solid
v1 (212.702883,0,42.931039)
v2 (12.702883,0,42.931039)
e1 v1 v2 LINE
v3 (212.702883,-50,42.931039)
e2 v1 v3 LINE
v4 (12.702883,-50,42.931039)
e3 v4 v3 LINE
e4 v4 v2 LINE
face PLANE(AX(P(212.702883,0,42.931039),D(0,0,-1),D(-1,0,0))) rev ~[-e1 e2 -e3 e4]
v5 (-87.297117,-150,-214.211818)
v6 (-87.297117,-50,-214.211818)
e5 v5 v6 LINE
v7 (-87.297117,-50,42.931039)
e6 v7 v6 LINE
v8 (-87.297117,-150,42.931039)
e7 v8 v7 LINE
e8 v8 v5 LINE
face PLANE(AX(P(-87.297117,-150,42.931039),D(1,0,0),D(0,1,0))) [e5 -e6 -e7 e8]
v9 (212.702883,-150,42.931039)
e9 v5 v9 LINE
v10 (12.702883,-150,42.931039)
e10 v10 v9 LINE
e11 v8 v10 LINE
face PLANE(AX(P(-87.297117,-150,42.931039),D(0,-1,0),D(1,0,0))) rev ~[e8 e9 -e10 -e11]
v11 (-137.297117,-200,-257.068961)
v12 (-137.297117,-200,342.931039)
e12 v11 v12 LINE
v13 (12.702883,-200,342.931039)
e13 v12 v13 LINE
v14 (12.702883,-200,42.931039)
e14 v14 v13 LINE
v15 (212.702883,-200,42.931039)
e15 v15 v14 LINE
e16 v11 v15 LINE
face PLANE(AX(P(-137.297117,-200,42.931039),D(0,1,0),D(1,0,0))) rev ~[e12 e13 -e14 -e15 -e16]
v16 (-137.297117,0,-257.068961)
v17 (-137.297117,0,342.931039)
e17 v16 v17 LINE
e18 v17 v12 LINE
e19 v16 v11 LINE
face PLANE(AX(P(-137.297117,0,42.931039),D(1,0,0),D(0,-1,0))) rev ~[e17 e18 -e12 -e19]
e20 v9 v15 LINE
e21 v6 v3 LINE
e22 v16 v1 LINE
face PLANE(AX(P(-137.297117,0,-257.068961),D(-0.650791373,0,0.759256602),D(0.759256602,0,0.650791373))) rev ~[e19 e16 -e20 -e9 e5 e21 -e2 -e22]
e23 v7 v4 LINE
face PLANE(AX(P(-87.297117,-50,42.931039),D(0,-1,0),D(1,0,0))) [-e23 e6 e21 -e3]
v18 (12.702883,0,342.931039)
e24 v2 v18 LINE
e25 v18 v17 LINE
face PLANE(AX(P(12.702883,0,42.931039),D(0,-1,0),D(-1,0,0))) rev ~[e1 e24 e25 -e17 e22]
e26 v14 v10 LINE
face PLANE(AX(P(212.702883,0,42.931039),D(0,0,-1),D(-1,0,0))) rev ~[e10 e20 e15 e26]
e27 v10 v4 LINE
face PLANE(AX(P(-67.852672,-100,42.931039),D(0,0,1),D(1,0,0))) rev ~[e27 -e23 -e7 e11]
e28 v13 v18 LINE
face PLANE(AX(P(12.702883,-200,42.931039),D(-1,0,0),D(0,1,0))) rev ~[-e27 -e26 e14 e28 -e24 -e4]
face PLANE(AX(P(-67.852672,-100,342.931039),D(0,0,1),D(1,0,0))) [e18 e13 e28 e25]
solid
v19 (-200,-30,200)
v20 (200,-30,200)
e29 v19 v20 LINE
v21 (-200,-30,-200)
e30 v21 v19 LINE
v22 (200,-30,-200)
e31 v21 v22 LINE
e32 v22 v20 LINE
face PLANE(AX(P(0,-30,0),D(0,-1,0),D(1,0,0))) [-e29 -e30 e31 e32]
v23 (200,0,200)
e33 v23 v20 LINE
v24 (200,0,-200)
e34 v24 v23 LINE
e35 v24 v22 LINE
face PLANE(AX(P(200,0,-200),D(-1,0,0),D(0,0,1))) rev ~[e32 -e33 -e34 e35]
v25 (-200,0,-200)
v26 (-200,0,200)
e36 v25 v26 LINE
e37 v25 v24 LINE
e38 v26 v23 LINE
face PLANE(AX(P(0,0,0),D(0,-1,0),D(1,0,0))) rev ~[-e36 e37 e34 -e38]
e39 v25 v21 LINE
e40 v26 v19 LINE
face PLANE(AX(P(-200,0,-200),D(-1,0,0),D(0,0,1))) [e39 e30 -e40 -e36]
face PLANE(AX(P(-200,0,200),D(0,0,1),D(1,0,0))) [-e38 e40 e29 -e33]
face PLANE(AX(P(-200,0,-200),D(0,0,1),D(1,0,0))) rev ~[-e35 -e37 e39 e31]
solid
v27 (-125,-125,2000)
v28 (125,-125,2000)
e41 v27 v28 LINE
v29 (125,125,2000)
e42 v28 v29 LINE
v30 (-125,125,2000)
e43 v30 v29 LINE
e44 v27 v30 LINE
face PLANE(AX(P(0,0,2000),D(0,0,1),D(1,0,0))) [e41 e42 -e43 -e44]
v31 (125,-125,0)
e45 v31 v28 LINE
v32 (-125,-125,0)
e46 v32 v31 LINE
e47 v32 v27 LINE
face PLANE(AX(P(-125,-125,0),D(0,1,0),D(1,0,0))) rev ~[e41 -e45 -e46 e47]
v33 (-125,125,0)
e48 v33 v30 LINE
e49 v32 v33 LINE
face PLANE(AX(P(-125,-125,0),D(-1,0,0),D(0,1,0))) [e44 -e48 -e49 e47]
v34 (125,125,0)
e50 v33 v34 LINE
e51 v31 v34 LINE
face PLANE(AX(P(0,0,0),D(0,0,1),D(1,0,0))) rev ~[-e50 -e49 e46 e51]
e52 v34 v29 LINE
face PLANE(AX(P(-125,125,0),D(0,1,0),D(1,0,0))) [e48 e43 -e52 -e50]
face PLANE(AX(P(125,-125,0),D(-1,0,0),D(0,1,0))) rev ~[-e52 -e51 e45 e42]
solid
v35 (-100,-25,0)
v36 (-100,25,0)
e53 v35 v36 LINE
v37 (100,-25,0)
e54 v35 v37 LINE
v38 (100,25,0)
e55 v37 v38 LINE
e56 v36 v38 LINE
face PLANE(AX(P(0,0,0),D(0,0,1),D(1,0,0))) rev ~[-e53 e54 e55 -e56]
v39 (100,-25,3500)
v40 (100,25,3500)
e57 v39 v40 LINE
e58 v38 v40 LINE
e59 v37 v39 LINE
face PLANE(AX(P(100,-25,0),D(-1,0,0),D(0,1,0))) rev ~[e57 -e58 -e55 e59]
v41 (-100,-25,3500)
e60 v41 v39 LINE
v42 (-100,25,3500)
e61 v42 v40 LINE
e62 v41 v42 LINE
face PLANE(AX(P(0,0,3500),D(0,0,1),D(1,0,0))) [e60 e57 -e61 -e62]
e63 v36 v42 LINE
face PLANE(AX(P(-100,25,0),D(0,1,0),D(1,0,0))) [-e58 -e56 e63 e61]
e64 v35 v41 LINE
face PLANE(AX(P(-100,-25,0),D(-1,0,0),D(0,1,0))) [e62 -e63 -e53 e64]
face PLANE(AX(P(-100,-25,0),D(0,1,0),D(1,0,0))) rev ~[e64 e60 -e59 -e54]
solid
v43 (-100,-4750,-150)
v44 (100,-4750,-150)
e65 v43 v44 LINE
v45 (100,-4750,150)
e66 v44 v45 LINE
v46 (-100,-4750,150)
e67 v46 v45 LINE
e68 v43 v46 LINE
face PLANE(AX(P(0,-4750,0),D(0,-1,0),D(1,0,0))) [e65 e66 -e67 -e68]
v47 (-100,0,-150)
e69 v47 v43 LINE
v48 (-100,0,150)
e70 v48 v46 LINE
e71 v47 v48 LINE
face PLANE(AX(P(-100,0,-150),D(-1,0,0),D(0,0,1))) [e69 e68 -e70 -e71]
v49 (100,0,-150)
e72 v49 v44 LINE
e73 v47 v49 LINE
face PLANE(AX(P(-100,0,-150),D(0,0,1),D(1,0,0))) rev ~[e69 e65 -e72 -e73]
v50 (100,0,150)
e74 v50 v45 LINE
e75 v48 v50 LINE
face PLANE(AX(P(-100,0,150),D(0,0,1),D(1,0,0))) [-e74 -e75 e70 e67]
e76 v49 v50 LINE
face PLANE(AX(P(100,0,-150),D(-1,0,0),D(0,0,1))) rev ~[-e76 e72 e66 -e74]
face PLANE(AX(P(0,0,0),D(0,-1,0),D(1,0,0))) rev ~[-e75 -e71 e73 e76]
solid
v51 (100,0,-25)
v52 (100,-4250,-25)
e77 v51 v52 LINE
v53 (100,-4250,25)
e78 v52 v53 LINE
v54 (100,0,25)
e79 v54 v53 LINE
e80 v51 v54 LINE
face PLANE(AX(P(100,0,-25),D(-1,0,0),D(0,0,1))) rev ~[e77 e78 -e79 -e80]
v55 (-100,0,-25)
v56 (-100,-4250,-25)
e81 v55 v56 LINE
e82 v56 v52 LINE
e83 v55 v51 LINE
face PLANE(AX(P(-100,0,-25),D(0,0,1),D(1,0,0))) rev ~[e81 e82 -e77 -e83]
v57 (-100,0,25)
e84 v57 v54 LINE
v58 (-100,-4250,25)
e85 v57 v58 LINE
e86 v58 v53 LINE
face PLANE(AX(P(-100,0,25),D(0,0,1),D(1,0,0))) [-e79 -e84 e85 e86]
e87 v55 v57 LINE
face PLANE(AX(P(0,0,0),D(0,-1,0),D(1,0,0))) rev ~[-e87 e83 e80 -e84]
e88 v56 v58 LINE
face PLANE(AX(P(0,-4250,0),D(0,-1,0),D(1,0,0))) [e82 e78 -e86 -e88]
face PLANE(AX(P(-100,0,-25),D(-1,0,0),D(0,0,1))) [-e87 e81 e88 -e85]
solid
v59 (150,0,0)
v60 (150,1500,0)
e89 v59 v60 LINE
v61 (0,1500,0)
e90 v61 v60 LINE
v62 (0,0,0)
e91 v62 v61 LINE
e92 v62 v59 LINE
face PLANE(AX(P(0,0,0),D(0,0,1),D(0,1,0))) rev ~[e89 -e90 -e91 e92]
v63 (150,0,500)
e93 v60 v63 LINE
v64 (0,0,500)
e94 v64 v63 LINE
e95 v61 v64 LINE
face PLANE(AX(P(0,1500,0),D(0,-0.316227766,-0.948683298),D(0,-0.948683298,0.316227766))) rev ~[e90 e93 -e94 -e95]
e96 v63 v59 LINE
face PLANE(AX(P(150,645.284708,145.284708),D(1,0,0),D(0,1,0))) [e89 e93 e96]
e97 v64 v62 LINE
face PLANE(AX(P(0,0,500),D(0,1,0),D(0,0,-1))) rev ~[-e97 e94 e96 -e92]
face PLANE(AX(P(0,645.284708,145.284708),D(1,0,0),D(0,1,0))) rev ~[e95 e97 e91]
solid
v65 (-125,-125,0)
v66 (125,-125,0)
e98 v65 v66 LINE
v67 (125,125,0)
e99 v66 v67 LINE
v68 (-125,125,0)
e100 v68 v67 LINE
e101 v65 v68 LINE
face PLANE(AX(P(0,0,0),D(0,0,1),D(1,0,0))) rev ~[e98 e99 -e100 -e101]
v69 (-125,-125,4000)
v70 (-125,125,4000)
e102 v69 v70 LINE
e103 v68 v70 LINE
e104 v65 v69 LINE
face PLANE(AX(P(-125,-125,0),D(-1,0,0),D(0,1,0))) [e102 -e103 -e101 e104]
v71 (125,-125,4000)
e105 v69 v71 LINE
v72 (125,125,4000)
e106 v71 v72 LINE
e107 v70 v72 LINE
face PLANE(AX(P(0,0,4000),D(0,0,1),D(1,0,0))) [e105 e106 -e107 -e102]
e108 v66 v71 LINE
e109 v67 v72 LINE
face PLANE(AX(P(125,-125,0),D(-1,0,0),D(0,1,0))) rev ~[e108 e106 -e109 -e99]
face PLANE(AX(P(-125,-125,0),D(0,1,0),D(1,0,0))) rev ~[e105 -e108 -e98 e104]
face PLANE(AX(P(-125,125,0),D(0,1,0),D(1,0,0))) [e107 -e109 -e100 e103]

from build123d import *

# Parameters (mm, degrees)
F0_W      = 250
F0_H      = 250
F1_DEPTH  = 4000
F2_W      = 200
F2_H      = 50
F3_DEPTH  = 3500
F4_W      = 200
F4_H      = 300
F5_DEPTH  = 4750
F7_DEPTH  = 200
F8_W      = 300
F8_H      = 100
F9_DEPTH  = 300.001
F10_W     = 200
F10_H     = 50
F11_DEPTH = 4250
F12_W     = 100
F12_H     = 100
F13_DEPTH = 300
F14_W     = 400
F14_H     = 400
F15_DEPTH = 30
F17_DEPTH = 150
F18_W     = 250
F18_H     = 250
F19_DEPTH = 2000


with BuildPart() as f1:
    # F0 (on Top) → F1 (new body)
    with BuildSketch(Plane.XY):
        Rectangle(F0_W, F0_H)
    extrude(amount=F1_DEPTH)


with BuildPart() as f3:
    # F2 (on Top) → F3 (new body)
    with BuildSketch(Plane.XY):
        Rectangle(F2_W, F2_H)
    extrude(amount=F3_DEPTH)


with BuildPart() as f5:
    # F4 (on Front) → F5 (new body)
    with BuildSketch(Plane.XZ):
        Rectangle(F4_W, F4_H)
    extrude(amount=F5_DEPTH)


with BuildPart() as f7:
    # F6 (on Front) → F7 (new body)
    with BuildSketch(Plane.XZ):
        Polygon((212.7028834443, 42.9310392426), (-137.2971165557, 42.9310392426), (-137.2971165557, -257.0689607574), align=None)
    extrude(amount=F7_DEPTH)

    # F8 (on face) → F9 (cut, through all)
    with BuildSketch(Plane.XY.offset(42.9310392426)):
        with Locations((62.7028834443, -100)):
            Rectangle(F8_W, F8_H)
    extrude(amount=-F9_DEPTH, mode=Mode.SUBTRACT)

    # F12 (on face) → F13 (join)
    with BuildSketch(Plane.XY.offset(42.9310392426)):
        Polygon((12.7028834443, 0), (-137.2971165557, 0), (-137.2971165557, -200), (12.7028834443, -200), (12.7028834443, -150), (-87.2971165557, -150), (-87.2971165557, -50), (12.7028834443, -50), align=None)
        with Locations((-37.2971165557, -100)):
            Rectangle(F12_W, F12_H)
    extrude(amount=F13_DEPTH)


with BuildPart() as f11:
    # F10 (on Front) → F11 (new body)
    with BuildSketch(Plane.XZ):
        Rectangle(F10_W, F10_H)
    extrude(amount=F11_DEPTH)


with BuildPart() as f15:
    # F14 (on Front) → F15 (new body)
    with BuildSketch(Plane.XZ):
        Rectangle(F14_W, F14_H)
    extrude(amount=F15_DEPTH)


with BuildPart() as f17:
    # F16 (on Right) → F17 (new body)
    with BuildSketch(Plane.YZ):
        Polygon((0, 500), (0, 0), (1500, 0), align=None)
    extrude(amount=F17_DEPTH)


with BuildPart() as f19:
    # F18 (on Top) → F19 (new body)
    with BuildSketch(Plane.XY):
        Rectangle(F18_W, F18_H)
    extrude(amount=F19_DEPTH)


solid = Compound([f1.part, f3.part, f5.part, f7.part, f11.part, f15.part, f17.part, f19.part])
